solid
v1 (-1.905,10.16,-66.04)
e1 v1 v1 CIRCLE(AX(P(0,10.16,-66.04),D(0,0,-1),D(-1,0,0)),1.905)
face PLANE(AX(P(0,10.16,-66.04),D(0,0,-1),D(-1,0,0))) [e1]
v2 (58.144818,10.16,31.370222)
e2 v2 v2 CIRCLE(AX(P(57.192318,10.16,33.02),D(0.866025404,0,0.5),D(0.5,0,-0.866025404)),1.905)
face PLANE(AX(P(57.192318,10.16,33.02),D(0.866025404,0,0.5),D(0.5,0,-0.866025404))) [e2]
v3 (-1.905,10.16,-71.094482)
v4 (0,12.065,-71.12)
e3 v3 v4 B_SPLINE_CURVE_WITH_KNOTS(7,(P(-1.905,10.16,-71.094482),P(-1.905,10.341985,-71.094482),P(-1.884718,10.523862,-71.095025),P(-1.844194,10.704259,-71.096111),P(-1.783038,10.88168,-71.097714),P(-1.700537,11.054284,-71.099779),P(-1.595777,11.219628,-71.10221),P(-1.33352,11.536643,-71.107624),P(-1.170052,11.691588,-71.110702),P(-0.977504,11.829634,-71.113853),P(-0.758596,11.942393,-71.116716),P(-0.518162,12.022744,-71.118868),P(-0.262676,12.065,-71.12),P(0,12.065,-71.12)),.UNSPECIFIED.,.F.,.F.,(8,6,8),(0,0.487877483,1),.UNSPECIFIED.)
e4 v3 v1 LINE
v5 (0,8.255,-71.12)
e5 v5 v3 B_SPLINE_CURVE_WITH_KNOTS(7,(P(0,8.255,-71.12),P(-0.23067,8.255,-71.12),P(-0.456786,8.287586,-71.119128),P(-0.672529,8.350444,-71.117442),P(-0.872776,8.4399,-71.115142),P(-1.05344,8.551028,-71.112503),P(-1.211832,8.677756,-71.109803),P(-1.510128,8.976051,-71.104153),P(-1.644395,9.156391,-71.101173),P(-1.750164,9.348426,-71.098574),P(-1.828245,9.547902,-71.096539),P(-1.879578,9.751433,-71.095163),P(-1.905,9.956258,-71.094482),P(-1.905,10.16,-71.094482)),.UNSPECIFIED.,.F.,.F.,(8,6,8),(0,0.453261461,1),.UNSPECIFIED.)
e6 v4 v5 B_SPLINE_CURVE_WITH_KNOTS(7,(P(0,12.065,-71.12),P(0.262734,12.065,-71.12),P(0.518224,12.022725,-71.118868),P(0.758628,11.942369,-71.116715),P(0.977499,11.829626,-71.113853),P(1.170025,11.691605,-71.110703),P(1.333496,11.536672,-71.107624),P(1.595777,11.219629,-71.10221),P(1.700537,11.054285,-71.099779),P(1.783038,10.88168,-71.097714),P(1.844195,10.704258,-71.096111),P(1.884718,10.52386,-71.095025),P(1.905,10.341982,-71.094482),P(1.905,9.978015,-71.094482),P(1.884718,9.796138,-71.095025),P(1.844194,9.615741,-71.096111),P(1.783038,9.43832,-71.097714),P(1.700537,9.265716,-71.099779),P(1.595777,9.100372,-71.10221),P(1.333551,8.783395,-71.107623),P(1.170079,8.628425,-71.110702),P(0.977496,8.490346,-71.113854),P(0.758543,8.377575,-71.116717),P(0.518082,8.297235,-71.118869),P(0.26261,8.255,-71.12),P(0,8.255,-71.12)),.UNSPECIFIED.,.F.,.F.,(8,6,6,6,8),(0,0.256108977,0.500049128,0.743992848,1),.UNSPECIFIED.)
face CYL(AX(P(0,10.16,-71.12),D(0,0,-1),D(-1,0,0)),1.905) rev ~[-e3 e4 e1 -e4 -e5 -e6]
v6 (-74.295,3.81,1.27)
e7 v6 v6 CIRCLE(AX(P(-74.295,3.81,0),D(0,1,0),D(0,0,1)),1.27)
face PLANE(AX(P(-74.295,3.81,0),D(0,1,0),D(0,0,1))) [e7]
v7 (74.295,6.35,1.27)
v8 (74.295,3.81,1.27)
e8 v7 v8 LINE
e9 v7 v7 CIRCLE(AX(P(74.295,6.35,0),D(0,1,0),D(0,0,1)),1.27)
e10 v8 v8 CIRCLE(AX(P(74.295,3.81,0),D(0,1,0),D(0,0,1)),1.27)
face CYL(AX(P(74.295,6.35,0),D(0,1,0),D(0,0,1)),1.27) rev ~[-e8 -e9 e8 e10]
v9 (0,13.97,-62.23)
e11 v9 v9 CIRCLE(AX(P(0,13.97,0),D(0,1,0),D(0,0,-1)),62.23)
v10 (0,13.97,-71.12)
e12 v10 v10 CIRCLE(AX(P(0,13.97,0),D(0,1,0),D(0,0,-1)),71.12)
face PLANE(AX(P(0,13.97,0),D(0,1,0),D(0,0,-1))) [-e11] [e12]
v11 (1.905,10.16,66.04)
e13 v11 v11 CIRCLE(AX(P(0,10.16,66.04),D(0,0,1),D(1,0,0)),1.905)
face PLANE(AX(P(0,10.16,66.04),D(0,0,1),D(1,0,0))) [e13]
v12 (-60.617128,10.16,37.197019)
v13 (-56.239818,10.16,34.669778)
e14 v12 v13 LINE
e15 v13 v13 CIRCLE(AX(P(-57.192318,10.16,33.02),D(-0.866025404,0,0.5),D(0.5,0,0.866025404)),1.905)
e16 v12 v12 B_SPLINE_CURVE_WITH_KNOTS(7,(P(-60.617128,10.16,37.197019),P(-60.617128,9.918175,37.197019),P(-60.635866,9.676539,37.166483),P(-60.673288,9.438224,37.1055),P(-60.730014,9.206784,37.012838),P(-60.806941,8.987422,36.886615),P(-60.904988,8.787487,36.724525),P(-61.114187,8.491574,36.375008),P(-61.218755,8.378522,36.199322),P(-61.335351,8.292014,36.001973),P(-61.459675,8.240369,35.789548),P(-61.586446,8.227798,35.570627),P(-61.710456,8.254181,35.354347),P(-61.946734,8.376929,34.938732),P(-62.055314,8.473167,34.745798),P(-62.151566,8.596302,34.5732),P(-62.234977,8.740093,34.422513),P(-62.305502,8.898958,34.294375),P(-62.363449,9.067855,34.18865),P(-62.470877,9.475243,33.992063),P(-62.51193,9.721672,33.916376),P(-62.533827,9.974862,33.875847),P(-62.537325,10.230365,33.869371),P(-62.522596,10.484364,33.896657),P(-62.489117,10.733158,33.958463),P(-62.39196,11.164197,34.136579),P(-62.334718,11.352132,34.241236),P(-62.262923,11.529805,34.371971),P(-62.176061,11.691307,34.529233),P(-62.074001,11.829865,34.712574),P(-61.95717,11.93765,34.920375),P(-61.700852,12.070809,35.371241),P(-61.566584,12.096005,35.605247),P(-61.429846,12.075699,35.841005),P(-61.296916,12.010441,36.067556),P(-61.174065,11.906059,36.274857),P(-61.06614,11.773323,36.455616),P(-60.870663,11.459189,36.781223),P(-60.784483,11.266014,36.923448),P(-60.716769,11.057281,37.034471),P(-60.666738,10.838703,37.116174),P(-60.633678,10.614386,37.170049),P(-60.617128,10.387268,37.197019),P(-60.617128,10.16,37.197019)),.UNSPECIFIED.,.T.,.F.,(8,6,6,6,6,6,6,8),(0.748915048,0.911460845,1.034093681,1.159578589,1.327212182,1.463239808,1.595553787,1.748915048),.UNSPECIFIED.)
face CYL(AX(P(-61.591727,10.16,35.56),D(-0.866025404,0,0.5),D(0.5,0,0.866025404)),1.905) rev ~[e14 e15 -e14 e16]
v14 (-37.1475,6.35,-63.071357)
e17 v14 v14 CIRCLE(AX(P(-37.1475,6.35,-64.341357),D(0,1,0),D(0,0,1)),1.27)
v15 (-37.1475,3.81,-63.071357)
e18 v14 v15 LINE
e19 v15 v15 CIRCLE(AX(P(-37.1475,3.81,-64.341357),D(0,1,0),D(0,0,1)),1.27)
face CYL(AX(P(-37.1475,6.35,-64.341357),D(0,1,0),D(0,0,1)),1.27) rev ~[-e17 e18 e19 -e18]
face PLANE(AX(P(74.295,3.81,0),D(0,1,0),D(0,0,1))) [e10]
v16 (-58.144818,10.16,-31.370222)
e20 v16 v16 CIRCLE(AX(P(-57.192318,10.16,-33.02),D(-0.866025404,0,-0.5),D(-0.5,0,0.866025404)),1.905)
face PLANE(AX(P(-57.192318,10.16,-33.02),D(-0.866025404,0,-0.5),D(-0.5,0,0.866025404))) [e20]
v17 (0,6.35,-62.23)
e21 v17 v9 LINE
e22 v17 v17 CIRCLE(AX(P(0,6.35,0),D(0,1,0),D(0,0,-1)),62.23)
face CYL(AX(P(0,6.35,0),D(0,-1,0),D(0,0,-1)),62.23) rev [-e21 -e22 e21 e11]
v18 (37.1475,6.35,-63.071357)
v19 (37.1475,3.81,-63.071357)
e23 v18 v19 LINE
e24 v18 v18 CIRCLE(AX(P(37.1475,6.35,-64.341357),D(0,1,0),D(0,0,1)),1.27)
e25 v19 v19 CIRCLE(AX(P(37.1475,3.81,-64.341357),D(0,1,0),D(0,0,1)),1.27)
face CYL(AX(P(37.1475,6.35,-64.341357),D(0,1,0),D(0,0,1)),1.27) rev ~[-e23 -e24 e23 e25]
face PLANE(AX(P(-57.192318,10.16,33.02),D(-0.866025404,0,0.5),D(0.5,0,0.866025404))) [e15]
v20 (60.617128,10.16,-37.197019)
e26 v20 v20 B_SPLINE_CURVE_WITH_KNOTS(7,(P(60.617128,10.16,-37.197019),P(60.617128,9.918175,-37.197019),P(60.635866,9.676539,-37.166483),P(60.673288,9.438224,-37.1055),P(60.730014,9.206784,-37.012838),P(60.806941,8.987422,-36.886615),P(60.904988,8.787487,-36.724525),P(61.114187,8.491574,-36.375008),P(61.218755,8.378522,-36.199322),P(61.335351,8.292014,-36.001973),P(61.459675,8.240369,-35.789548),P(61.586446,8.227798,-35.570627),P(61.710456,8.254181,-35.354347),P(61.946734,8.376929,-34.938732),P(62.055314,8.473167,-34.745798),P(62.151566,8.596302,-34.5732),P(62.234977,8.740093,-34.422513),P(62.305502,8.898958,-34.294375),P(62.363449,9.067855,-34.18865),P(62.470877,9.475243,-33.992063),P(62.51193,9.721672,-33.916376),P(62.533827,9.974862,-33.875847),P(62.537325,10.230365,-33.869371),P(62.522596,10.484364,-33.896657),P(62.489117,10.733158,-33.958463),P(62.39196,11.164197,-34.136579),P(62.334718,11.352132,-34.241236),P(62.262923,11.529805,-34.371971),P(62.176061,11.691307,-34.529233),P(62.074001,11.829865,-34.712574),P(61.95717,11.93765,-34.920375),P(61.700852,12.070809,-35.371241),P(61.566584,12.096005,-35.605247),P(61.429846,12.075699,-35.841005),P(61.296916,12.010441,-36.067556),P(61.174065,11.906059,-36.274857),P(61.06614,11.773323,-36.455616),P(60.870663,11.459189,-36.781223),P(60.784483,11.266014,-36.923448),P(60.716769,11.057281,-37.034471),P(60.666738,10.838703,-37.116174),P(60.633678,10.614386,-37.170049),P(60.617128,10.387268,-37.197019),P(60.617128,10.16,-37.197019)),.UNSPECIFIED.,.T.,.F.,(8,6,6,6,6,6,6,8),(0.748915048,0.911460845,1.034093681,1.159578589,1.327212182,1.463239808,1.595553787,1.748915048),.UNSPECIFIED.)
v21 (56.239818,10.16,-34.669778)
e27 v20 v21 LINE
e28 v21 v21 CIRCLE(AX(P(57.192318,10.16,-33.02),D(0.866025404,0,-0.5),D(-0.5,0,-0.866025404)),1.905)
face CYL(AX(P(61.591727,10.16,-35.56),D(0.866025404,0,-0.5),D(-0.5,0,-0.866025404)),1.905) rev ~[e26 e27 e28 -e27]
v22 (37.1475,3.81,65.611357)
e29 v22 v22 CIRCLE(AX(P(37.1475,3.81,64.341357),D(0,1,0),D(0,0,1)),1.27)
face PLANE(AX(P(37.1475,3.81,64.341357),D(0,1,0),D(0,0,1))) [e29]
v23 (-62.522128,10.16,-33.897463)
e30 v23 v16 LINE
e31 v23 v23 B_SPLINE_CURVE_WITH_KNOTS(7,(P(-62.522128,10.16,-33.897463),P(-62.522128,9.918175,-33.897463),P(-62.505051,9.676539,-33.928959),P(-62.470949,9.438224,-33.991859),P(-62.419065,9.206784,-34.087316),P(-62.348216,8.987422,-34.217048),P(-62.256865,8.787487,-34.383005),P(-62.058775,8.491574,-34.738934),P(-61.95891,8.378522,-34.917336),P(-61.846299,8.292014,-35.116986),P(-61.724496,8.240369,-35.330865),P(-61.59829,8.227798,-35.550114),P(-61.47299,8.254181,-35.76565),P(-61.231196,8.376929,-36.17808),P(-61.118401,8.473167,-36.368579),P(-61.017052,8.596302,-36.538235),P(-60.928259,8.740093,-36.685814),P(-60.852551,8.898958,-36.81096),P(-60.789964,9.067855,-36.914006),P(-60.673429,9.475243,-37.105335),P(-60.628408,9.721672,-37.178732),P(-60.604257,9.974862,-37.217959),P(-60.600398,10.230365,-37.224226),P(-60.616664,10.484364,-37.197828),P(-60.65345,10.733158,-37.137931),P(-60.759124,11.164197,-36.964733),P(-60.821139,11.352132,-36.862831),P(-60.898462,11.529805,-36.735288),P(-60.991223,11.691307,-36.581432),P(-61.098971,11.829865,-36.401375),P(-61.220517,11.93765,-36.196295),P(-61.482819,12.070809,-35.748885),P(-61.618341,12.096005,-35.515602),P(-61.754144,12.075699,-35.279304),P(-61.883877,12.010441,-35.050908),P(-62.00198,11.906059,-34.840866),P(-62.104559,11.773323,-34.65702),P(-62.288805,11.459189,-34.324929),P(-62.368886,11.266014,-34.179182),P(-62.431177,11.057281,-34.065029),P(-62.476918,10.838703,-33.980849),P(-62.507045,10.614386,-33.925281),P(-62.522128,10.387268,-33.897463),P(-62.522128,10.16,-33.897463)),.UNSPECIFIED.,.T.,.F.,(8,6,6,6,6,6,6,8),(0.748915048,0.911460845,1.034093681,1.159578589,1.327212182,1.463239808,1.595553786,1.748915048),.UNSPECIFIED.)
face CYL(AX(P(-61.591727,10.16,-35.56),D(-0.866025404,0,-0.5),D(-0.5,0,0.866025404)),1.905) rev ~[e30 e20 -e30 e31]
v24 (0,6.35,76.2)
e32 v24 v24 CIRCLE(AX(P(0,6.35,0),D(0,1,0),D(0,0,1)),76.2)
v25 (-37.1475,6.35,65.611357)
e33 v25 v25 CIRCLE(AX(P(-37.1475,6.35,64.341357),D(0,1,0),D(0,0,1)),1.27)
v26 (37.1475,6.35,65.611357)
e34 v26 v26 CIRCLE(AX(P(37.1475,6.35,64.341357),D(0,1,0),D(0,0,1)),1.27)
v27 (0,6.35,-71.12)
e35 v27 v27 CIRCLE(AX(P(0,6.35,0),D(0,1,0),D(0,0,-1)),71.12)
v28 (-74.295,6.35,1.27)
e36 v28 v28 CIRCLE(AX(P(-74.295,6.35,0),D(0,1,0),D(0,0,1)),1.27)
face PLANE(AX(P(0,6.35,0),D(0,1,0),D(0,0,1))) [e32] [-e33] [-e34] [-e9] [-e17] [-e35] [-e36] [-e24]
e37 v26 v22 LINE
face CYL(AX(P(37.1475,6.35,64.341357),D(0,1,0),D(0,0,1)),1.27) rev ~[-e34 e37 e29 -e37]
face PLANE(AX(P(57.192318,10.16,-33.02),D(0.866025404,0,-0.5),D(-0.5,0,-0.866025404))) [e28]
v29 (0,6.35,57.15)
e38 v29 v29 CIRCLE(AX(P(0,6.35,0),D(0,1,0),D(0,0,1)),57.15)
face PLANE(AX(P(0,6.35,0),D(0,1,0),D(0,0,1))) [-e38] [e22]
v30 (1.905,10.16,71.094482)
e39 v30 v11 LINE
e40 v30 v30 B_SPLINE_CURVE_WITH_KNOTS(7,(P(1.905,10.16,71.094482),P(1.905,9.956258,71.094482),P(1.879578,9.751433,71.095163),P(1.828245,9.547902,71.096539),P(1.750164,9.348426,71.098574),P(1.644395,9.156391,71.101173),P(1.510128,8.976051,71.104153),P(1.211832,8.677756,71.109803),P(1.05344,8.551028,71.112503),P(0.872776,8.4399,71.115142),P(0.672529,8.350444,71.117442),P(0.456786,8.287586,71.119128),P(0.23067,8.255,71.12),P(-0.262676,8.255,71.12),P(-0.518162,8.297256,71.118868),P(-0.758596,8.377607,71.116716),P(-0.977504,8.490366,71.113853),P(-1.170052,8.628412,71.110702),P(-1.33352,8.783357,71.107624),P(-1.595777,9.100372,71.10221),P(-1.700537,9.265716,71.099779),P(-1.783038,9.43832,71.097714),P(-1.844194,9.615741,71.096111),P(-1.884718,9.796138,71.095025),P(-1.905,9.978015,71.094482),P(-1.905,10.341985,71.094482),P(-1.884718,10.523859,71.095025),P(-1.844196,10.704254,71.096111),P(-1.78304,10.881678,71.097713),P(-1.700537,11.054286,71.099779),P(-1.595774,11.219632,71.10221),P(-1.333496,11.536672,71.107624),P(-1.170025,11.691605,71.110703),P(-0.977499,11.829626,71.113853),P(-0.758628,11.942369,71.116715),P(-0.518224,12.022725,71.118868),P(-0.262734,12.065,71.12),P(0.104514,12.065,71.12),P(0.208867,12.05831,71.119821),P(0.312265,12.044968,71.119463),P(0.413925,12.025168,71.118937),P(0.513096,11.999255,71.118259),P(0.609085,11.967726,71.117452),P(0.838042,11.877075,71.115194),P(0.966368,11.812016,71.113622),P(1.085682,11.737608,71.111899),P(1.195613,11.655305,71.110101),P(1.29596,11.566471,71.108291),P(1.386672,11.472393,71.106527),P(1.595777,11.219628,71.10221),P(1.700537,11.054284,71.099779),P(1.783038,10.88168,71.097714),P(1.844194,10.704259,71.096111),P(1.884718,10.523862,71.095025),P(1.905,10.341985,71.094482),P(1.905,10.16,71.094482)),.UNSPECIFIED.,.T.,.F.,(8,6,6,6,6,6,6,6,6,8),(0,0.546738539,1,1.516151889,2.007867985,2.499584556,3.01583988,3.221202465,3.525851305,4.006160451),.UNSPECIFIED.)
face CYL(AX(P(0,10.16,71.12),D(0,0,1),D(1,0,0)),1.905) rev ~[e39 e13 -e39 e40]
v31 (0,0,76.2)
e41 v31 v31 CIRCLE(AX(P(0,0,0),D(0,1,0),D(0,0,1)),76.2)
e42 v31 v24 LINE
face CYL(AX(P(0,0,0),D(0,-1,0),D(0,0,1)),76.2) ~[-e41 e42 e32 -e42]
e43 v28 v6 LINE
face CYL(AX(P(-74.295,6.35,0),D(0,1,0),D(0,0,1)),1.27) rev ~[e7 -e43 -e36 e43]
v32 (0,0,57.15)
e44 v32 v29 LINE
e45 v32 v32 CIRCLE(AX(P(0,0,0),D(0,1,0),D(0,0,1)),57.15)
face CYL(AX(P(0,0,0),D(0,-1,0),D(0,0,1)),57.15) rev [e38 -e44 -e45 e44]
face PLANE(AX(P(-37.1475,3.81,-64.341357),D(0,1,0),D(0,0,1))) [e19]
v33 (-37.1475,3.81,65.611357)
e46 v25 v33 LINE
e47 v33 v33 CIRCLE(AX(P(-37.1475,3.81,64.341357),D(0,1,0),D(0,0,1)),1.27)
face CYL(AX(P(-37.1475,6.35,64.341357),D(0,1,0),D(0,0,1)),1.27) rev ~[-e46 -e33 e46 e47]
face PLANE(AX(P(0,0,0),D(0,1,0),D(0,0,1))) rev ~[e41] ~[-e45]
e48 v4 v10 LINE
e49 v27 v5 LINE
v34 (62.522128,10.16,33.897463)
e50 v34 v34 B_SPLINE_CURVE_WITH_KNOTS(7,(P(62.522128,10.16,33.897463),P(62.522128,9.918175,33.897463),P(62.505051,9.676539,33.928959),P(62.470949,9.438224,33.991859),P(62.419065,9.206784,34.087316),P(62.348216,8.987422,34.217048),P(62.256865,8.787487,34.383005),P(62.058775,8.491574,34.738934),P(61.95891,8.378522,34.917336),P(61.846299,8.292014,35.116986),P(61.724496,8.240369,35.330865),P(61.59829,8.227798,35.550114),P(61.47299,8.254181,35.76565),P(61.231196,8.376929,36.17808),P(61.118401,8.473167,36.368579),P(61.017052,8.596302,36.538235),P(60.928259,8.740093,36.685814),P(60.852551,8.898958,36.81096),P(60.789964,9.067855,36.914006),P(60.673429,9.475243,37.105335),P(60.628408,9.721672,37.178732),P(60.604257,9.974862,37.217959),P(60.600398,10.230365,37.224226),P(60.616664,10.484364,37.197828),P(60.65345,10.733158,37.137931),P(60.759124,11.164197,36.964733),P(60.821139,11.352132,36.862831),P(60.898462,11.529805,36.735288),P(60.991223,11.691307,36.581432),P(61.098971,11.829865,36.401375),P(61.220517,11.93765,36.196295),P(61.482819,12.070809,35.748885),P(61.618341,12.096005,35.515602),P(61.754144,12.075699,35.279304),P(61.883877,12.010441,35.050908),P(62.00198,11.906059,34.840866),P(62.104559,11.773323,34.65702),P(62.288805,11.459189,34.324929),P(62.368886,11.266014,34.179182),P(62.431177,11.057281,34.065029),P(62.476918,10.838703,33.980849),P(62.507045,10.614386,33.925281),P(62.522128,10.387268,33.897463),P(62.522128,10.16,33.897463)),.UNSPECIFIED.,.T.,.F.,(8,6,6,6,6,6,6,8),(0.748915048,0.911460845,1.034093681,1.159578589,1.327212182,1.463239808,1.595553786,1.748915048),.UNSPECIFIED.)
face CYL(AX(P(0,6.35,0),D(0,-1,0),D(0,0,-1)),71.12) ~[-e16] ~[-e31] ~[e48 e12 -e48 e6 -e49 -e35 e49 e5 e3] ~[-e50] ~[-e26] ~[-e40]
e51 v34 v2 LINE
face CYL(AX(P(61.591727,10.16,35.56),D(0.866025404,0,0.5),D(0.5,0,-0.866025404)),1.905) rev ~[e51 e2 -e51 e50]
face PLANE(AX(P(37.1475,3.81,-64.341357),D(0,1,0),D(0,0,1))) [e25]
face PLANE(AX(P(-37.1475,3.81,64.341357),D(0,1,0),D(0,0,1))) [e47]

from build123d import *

# Parameters (mm, degrees)
SKETCH1_R           = 76.2
SKETCH1_R_2         = 57.15
BOSS_EXTRUDE1_DEPTH = 6.35
SKETCH2_R           = 71.12
SKETCH2_R_2         = 62.23
BOSS_EXTRUDE2_DEPTH = 7.62
SKETCH4_R           = 1.905
CUT_EXTRUDE1_DEPTH  = 5.08
CIRPATTERN1_COUNT   = 6
SKETCH7_R           = 1.27
CUT_EXTRUDE2_DEPTH  = 2.54


with BuildPart() as part:
    # Sketch1 → Boss-Extrude1 (new body)
    with BuildSketch(Plane(origin=(0, 0, 0), x_dir=(1, 0, 0), z_dir=(0, 1, 0))):
        with Locations(Location((0, 0, 0), (0, 0, 270))):
            Circle(SKETCH1_R)
        with Locations(Location((0, 0, 0), (0, 0, 270))):
            Circle(SKETCH1_R_2, mode=Mode.SUBTRACT)
    extrude(amount=BOSS_EXTRUDE1_DEPTH)

    # Sketch2 → Boss-Extrude2 (add)
    with BuildSketch(Plane(origin=(0, 6.35, 0), x_dir=(1, 0, 0), z_dir=(0, 1, 0))):
        with Locations(Location((0, 0, 0), (0, 0, 90))):
            Circle(SKETCH2_R)
        with Locations(Location((0, 0, 0), (0, 0, 90))):
            Circle(SKETCH2_R_2, mode=Mode.SUBTRACT)
    extrude(amount=BOSS_EXTRUDE2_DEPTH)

    # Sketch4 → Cut-Extrude1 (cut)
    with BuildSketch(Plane.XY.offset(71.12)):
        with Locations((0, 10.16)):
            Circle(SKETCH4_R)
    cut_extrude1 = extrude(amount=-CUT_EXTRUDE1_DEPTH, mode=Mode.SUBTRACT)

    # CirPattern1: Cut-Extrude1 ×6 about axis
    cirpattern1_axis = Axis((0, 0, 0), (0, 1, 0))
    for i in range(1, CIRPATTERN1_COUNT):
        add(cut_extrude1.rotate(cirpattern1_axis, i * 360 / CIRPATTERN1_COUNT), mode=Mode.SUBTRACT)

    # Sketch7 → Cut-Extrude2 (cut)
    with BuildSketch(Plane(origin=(0, 6.35, 0), x_dir=(1, 0, 0), z_dir=(0, 1, 0))):
        with Locations(Location((37.1475, 64.341357374, 0), (0, 0, 270))):
            Circle(SKETCH7_R)
        with Locations(Location((74.295, 0, 0), (0, 0, 270))):
            Circle(SKETCH7_R)
        with Locations(Location((37.1475, -64.341357374, 0), (0, 0, 270))):
            Circle(SKETCH7_R)
        with Locations(Location((-37.1475, -64.341357374, 0), (0, 0, 270))):
            Circle(SKETCH7_R)
        with Locations(Location((-74.295, 0, 0), (0, 0, 270))):
            Circle(SKETCH7_R)
        with Locations(Location((-37.1475, 64.341357374, 0), (0, 0, 270))):
            Circle(SKETCH7_R)
    extrude(amount=-CUT_EXTRUDE2_DEPTH, mode=Mode.SUBTRACT)


solid = part.part
